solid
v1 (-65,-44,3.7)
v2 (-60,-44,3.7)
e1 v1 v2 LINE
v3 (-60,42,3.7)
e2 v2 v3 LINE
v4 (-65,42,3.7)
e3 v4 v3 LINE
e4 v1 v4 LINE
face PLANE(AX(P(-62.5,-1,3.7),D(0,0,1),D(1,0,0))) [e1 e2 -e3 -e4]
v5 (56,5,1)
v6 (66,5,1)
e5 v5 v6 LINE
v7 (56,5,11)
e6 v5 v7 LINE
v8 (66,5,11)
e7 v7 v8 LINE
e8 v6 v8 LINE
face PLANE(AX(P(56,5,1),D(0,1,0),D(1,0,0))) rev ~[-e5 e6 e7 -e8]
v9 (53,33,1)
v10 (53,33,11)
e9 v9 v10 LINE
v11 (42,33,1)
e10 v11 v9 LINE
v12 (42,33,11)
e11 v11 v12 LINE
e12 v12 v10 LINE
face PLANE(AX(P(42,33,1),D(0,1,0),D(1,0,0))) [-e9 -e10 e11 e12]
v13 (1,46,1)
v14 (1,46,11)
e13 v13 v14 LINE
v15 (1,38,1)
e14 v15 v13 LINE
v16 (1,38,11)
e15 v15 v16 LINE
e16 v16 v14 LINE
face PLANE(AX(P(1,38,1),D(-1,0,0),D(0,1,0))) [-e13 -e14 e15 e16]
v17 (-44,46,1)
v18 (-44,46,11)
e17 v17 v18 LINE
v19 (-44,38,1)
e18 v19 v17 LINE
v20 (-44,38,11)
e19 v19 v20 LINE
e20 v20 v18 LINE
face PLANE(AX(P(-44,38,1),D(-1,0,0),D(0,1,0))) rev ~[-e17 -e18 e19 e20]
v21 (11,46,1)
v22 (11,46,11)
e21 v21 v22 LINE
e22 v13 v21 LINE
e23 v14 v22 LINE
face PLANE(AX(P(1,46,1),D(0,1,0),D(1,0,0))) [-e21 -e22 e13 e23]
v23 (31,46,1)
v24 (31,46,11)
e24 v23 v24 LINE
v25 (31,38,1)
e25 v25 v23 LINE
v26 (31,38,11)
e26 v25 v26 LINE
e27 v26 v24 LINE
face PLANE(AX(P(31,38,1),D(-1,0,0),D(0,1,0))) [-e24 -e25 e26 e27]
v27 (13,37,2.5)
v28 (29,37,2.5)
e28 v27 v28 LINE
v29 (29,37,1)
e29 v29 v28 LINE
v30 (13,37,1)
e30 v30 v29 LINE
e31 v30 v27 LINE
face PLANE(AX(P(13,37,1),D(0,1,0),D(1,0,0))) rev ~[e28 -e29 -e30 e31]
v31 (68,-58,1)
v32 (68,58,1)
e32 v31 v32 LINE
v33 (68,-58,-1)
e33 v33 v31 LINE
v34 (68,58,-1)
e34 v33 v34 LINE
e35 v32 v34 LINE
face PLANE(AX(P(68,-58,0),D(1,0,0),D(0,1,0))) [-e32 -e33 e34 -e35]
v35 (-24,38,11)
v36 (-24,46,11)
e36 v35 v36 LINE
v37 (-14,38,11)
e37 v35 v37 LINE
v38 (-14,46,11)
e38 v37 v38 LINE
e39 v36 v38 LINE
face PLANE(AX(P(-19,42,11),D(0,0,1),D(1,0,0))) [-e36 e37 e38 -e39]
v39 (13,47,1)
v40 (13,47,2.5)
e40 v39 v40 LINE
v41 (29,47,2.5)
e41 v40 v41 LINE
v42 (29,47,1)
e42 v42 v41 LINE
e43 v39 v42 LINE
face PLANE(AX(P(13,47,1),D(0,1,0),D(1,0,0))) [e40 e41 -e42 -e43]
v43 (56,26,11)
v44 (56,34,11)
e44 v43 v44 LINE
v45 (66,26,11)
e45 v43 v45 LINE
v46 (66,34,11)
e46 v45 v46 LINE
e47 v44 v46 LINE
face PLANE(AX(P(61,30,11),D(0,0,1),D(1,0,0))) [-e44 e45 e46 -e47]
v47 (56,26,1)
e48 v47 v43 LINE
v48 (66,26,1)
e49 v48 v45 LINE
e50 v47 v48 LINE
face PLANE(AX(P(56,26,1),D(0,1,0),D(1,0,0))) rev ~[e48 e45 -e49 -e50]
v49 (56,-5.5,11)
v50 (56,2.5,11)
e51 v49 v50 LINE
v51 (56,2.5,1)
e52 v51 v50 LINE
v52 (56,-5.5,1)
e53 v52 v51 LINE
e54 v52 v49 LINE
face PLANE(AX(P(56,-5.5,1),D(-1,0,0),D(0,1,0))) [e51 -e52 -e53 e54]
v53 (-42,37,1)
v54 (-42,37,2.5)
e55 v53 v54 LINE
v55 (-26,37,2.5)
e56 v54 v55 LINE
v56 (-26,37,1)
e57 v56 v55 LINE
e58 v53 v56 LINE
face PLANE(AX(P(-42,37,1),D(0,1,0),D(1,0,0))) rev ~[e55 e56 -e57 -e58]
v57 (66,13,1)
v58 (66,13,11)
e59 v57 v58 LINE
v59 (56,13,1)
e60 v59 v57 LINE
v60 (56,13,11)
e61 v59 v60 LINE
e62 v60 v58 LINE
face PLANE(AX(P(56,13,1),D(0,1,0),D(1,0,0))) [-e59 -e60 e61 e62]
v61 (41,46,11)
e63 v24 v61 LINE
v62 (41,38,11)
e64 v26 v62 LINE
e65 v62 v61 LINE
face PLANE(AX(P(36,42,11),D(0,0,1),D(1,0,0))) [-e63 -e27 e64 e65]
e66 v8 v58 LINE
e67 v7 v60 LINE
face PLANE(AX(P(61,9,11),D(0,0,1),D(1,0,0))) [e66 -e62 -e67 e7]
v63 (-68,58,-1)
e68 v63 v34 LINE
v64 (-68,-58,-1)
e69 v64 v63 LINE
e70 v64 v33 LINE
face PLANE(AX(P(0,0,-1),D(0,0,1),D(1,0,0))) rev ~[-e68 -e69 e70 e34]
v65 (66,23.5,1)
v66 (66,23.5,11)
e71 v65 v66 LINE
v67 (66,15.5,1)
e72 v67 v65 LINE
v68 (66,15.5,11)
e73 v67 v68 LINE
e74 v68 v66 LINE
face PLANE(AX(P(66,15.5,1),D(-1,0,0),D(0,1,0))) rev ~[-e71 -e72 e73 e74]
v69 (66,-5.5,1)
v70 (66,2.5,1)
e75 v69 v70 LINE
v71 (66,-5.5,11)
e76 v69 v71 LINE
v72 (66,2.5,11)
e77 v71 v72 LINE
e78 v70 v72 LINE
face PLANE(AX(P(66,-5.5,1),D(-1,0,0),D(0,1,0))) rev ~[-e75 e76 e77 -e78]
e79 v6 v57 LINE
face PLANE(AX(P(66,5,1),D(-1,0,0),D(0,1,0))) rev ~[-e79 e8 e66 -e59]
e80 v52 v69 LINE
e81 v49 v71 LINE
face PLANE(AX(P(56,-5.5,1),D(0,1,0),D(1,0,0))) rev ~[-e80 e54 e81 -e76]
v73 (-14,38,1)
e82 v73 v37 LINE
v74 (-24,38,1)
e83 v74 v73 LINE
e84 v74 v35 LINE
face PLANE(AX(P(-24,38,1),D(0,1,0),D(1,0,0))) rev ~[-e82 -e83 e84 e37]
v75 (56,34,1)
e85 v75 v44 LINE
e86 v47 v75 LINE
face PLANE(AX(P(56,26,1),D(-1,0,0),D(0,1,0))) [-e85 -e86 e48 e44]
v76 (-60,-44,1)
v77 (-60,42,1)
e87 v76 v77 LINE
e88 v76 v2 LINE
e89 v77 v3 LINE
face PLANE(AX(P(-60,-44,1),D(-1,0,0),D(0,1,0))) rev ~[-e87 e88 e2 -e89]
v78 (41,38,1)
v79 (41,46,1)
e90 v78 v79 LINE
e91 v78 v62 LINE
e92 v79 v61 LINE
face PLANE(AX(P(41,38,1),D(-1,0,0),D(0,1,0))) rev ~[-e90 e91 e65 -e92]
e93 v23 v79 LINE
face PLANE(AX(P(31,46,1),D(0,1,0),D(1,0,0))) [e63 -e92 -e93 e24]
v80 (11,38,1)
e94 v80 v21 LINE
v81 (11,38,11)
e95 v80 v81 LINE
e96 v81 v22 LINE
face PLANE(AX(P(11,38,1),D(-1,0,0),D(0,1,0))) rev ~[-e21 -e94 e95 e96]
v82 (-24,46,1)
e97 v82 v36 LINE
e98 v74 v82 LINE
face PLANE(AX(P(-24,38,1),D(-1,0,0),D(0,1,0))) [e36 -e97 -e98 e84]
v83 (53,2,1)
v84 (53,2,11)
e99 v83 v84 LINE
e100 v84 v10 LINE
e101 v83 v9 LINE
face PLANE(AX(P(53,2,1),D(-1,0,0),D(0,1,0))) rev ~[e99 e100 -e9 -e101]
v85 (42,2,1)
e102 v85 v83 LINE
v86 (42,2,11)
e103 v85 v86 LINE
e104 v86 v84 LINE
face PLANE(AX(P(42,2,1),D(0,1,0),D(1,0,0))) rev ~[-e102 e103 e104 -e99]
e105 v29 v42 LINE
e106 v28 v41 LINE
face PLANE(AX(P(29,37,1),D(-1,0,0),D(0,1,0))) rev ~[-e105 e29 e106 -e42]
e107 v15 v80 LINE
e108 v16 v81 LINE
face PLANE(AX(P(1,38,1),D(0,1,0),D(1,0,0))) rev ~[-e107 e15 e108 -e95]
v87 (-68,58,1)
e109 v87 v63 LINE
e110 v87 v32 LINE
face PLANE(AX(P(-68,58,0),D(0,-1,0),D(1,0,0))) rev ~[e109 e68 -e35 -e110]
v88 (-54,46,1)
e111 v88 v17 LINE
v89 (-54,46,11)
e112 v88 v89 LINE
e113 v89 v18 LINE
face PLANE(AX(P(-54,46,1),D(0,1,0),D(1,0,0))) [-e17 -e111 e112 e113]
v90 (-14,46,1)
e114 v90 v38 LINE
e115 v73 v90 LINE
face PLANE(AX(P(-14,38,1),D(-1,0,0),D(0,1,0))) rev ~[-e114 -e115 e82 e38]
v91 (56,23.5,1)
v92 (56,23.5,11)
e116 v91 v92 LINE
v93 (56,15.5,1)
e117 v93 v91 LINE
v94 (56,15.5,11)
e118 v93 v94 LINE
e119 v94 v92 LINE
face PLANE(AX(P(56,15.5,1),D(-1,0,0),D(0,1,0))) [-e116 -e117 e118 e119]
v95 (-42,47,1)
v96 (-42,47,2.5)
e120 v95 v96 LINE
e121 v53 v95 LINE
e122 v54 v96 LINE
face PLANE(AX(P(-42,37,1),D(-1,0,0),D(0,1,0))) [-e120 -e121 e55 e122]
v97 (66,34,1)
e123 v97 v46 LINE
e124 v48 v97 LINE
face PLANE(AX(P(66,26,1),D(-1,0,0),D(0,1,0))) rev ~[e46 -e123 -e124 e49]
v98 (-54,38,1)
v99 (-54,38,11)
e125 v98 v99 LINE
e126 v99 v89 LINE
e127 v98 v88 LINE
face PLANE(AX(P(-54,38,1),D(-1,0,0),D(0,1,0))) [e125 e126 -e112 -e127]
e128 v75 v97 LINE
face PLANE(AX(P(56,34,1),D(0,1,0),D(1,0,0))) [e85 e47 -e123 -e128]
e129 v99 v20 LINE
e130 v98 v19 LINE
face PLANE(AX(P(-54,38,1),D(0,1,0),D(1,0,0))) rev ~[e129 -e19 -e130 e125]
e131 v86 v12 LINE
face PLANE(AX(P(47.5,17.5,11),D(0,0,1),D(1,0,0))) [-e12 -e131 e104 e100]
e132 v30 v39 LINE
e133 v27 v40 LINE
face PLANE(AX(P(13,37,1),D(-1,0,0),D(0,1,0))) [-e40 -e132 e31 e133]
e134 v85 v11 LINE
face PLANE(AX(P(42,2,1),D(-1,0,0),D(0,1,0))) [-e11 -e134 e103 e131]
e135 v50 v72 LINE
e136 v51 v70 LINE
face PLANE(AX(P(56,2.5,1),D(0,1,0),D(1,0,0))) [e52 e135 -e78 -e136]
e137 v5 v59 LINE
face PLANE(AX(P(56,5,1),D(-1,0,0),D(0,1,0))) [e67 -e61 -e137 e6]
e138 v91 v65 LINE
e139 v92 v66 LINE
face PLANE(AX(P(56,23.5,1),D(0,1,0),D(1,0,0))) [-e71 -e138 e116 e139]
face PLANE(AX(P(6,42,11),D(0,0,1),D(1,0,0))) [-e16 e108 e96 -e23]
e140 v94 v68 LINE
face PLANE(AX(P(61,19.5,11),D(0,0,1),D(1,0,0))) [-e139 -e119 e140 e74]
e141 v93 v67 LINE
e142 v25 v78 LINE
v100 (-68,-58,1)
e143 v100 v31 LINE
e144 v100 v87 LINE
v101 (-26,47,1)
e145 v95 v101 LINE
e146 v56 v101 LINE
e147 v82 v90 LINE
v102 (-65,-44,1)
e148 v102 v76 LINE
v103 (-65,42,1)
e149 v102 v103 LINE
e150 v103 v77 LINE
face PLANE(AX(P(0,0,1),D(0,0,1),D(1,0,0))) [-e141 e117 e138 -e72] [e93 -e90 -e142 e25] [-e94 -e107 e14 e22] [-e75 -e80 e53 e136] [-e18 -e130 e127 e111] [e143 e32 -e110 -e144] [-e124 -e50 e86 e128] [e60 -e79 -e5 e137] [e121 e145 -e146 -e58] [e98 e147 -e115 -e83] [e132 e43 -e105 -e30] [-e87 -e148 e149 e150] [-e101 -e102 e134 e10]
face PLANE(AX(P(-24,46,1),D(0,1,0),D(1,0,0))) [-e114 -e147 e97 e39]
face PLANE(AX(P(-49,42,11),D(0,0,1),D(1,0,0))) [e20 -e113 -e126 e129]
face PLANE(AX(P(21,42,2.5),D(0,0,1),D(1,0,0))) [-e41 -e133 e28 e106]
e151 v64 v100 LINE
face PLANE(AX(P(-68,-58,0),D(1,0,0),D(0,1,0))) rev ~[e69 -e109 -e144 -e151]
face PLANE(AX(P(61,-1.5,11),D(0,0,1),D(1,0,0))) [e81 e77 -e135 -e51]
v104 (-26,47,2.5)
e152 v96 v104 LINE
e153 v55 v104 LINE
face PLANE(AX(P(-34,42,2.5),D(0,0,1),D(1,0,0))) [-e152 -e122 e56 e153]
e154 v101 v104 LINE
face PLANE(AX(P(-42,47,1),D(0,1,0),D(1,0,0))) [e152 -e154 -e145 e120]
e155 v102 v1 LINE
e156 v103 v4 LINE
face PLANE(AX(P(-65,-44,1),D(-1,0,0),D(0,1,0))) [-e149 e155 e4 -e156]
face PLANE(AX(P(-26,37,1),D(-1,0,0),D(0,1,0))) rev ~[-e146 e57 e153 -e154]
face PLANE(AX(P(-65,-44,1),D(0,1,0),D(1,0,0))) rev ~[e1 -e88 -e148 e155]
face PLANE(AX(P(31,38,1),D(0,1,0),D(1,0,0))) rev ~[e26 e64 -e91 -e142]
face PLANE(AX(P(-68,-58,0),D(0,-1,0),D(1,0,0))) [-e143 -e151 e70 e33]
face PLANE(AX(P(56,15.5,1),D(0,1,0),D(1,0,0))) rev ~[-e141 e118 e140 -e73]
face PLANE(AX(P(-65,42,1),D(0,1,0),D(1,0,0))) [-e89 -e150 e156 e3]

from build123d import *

# Parameters (mm, degrees)
F0_W        = 136
F0_H        = 116
F1_DEPTH    = 1
F2_W        = 11
F2_H        = 31
F2_W_2      = 16
F2_H_2      = 10
F2_W_3      = 5
F2_H_3      = 86
F2_W_4      = 10
F2_H_4      = 8
F3_DEPTH    = 10
F3_FACE_W   = 5
F3_FACE_H   = 86
F4_DEPTH    = 7.3
F3_FACE_W_2 = 16
F3_FACE_H_2 = 10
F5_DEPTH    = 8.5


with BuildPart() as f1:
    # F0 (on Top) → F1 (new body, symmetric)
    with BuildSketch(Plane.XY):
        Rectangle(F0_W, F0_H)
    extrude(amount=F1_DEPTH, both=True)

    # F2 (on face) → F3 (join)
    with BuildSketch(Plane.XY.offset(1)):
        with Locations((47.5, 17.5)):
            Rectangle(F2_W, F2_H)
        with Locations((21, 42)):
            Rectangle(F2_W_2, F2_H_2)
        with Locations((-34, 42)):
            Rectangle(F2_W_2, F2_H_2)
        with Locations((-62.5, -1)):
            Rectangle(F2_W_3, F2_H_3)
        with Locations((-49, 42)):
            Rectangle(F2_W_4, F2_H_4)
        with Locations((-19, 42)):
            Rectangle(F2_W_4, F2_H_4)
        with Locations((6, 42)):
            Rectangle(F2_W_4, F2_H_4)
        with Locations((36, 42)):
            Rectangle(F2_W_4, F2_H_4)
        with Locations((61, 30)):
            Rectangle(F2_W_4, F2_H_4)
        with Locations((61, 19.5)):
            Rectangle(F2_W_4, F2_H_4)
        with Locations((61, 9)):
            Rectangle(F2_W_4, F2_H_4)
        with Locations((61, -1.5)):
            Rectangle(F2_W_4, F2_H_4)
    extrude(amount=F3_DEPTH)

    # F3_face (on face) → F4 (cut)
    with BuildSketch(Plane(origin=(-62.5, -1, 11), x_dir=(1, 0, 0), z_dir=(0, 0, 1))):
        Rectangle(F3_FACE_W, F3_FACE_H)
    extrude(amount=-F4_DEPTH, mode=Mode.SUBTRACT)

    # F3_face (on face) → F5 (cut)
    with BuildSketch(Plane(origin=(-62.5, -1, 11), x_dir=(1, 0, 0), z_dir=(0, 0, 1))):
        with Locations((28.5, 43)):
            Rectangle(F3_FACE_W_2, F3_FACE_H_2)
        with Locations((83.5, 43)):
            Rectangle(F3_FACE_W_2, F3_FACE_H_2)
    extrude(amount=-F5_DEPTH, mode=Mode.SUBTRACT)


solid = f1.part
